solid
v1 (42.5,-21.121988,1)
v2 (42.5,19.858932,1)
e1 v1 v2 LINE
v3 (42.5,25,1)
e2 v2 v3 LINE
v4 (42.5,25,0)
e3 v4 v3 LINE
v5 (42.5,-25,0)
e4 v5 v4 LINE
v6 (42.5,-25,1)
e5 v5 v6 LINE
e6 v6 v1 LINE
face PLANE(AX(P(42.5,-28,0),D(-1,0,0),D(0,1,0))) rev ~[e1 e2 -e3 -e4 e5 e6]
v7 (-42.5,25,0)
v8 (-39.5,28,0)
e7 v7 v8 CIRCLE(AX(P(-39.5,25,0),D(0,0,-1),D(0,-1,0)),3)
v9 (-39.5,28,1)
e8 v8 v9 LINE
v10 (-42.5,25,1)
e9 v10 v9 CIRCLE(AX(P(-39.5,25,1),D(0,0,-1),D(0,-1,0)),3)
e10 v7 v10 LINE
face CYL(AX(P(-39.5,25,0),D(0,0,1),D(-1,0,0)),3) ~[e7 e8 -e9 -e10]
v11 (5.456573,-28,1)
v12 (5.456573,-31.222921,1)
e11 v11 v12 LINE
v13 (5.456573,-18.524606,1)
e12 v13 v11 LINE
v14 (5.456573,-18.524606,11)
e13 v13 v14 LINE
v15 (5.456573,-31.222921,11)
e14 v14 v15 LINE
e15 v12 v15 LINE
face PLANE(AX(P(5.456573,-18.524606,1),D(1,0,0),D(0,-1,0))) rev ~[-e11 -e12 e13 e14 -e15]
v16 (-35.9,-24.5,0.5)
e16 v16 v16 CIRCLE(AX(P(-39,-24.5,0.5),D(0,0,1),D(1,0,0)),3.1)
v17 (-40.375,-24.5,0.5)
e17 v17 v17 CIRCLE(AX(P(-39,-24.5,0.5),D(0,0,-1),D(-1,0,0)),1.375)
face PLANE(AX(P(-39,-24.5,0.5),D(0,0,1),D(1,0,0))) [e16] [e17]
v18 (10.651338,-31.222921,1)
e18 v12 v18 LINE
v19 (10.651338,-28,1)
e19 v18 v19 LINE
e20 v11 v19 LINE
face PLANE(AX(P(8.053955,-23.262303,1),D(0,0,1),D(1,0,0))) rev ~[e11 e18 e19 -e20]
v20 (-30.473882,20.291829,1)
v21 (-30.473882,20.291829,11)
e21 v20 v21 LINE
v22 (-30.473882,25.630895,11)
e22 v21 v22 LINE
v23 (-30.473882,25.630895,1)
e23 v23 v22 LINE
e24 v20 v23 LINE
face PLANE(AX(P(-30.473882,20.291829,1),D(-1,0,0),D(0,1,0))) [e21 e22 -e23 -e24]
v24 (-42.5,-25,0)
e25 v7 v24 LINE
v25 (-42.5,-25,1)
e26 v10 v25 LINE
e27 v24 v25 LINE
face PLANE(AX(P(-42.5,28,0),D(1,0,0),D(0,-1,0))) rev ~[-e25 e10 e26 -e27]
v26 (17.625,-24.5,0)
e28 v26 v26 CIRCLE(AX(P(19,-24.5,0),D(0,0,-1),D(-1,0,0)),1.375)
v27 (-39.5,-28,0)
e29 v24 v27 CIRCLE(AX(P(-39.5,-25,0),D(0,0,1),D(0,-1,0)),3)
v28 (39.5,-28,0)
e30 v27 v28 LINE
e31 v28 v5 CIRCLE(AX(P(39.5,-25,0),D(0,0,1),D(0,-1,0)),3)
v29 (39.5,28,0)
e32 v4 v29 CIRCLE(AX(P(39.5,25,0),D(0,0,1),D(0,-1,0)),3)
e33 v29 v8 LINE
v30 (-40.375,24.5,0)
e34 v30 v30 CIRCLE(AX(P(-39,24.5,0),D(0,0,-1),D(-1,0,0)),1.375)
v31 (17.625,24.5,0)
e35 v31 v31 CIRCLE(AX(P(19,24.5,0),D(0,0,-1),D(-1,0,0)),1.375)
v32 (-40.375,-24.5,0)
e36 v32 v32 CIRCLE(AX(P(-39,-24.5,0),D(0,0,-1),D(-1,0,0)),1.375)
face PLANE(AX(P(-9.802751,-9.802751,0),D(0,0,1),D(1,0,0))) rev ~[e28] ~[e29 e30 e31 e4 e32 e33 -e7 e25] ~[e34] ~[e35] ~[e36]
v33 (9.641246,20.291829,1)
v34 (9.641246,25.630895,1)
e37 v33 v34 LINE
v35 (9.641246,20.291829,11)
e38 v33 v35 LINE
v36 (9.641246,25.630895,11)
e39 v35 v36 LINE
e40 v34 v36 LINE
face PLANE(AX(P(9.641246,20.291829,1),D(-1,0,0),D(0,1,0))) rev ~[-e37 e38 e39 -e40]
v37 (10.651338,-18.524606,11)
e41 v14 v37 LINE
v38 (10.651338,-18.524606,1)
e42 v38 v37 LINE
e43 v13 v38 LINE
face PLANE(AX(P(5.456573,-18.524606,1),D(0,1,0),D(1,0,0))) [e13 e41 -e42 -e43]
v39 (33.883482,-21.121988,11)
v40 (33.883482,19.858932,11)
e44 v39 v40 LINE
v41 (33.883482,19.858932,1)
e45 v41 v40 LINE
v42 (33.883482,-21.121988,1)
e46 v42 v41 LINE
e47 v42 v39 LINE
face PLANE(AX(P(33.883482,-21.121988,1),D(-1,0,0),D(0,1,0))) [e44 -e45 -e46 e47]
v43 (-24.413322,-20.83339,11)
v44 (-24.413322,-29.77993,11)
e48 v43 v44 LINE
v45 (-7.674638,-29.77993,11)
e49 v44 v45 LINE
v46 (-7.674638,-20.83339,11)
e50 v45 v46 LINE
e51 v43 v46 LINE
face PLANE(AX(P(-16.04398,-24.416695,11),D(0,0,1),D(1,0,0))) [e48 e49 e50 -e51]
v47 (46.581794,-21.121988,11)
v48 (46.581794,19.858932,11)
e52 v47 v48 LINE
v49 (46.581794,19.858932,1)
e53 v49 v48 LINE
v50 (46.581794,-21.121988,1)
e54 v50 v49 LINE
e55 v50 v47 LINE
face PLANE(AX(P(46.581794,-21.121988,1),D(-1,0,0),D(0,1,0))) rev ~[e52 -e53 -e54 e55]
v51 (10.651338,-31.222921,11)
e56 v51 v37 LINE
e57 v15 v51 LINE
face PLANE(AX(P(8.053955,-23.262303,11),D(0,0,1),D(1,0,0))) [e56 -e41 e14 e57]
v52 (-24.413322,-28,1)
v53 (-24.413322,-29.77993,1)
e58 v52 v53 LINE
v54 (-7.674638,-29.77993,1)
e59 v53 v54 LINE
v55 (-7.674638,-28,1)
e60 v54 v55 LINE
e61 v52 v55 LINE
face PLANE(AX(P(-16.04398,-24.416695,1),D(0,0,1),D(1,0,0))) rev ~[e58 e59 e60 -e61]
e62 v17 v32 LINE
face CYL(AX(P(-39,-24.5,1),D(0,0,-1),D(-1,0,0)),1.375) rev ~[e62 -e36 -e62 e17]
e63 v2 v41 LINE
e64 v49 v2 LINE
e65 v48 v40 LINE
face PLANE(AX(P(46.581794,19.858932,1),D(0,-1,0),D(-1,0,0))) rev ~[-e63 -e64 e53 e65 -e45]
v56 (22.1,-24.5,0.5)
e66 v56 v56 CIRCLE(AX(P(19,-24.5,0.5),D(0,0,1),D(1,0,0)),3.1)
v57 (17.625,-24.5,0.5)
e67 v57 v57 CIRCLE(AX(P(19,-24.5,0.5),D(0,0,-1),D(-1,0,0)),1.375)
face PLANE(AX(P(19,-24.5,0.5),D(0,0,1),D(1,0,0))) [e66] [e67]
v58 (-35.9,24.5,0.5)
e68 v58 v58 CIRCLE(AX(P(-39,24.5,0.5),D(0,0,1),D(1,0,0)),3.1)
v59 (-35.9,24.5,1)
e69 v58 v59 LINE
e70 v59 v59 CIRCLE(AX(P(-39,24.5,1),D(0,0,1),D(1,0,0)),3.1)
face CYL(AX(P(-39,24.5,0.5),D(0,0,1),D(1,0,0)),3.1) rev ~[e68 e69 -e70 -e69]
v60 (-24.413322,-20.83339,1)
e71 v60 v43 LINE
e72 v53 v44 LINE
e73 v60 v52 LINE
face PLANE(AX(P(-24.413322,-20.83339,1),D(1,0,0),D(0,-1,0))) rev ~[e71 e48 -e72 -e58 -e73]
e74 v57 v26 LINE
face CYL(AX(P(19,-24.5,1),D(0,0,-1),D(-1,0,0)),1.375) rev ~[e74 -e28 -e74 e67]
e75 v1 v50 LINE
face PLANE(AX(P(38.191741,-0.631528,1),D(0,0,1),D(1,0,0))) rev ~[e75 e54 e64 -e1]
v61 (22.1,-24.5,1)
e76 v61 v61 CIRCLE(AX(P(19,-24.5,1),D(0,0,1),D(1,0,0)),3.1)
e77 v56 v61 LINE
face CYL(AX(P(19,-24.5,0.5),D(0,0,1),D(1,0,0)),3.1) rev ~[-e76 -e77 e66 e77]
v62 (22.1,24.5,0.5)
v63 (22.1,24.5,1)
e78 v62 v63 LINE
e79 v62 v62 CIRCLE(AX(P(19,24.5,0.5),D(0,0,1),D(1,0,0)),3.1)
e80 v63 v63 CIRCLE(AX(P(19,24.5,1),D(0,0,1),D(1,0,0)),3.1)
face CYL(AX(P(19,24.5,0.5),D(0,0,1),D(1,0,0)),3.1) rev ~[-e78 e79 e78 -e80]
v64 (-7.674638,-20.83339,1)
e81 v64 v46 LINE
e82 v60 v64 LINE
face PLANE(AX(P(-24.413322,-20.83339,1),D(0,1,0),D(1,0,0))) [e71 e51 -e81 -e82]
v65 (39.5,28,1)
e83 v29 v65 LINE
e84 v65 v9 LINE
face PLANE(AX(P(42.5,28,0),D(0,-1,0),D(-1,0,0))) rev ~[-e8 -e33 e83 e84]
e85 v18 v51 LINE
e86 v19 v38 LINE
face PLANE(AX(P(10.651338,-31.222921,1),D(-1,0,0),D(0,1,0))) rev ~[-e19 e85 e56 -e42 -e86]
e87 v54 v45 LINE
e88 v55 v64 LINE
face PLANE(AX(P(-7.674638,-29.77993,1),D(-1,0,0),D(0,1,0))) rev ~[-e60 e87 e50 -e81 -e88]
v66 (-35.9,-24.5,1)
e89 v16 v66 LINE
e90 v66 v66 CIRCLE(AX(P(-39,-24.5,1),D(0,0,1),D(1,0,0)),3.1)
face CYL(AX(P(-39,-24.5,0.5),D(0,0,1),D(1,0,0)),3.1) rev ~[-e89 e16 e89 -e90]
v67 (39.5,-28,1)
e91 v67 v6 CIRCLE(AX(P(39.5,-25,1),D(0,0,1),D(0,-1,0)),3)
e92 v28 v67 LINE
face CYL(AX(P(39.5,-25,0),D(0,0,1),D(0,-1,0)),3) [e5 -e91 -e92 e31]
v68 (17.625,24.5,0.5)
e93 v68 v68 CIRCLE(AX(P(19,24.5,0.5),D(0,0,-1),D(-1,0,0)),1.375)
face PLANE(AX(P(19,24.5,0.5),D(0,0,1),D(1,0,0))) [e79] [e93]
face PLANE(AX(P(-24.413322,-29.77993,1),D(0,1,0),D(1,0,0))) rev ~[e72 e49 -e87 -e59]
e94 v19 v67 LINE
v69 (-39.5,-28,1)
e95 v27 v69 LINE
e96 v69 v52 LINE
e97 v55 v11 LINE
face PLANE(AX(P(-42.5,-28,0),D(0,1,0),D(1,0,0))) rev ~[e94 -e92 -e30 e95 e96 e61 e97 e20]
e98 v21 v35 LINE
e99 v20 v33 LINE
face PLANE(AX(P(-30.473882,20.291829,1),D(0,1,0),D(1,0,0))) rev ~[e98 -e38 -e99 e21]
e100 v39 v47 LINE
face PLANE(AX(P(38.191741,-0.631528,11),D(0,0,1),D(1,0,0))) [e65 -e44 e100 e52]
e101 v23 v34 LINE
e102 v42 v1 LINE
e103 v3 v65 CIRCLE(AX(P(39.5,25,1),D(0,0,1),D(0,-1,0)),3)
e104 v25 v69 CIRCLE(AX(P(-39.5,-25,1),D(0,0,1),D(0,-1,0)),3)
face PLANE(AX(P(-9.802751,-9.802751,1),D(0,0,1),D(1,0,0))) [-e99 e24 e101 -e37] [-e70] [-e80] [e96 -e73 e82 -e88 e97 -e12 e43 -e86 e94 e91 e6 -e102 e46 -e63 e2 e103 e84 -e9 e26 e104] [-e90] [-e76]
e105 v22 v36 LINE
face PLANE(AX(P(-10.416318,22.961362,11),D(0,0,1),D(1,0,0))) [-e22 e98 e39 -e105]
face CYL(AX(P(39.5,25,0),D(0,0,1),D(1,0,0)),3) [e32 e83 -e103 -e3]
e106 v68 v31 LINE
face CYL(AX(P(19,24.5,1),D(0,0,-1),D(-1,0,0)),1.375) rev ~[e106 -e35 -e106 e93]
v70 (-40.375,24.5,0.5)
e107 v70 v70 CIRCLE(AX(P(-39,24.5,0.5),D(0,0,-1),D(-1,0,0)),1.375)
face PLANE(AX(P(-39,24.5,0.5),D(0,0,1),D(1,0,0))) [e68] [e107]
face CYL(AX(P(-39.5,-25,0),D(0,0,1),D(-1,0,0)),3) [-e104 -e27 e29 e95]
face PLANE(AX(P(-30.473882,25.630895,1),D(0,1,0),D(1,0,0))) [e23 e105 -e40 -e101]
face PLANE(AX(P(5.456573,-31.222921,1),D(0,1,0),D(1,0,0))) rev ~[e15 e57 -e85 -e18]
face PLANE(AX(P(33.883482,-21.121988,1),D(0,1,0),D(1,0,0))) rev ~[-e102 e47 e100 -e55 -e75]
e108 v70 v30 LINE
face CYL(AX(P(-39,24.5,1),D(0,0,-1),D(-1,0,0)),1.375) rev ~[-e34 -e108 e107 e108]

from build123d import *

# Parameters (mm, degrees)
F1_DEPTH       = 1
F2_R           = 3
F4_D           = 2.75
F4_CBORE_D     = 6.2
F4_CBORE_DEPTH = 0.5
F5_W           = 40.115128
F5_H           = 5.339066
F5_W_2         = 8.616518
F5_H_2         = 40.98092
F5_W_3         = 4.081794
F5_W_4         = 16.738685
F5_H_3         = 7.16661
F5_H_4         = 1.77993
F5_W_5         = 5.194765
F5_H_5         = 9.475394
F5_H_6         = 3.222921
F6_DEPTH       = 10


with BuildPart() as f1:
    # F0 (on Top) → F1 (new body)
    with BuildSketch(Plane.XY):
        Polygon((42.5, -28), (-42.5, 28), (-42.5, -28), align=None)
        Polygon((42.5, 28), (-42.5, 28), (42.5, -28), align=None)
    extrude(amount=F1_DEPTH)

    # F2
    f2_edges = [f1.edges().sort_by_distance(p)[0] for p in [
        (-42.5, -28, 0.5),
        (-42.5, 28, 0.5),
        (42.5, -28, 0.5),
        (42.5, 28, 0.5),
    ]]
    fillet(f2_edges, radius=F2_R)

    # F4 (through all)
    with Locations(Plane.XY.offset(1)):
        with Locations((-39, 24.5), (-39, -24.5), (19, -24.5), (19, 24.5)):
            CounterBoreHole(F4_D / 2, F4_CBORE_D / 2, F4_CBORE_DEPTH)

    # F5 (on face) → F6 (join)
    with BuildSketch(Plane.XY.offset(1)):
        with Locations((-10.416318, 22.961362)):
            Rectangle(F5_W, F5_H)
        with Locations((38.191741, -0.631528)):
            Rectangle(F5_W_2, F5_H_2)
        with Locations((44.540897, -0.631528)):
            Rectangle(F5_W_3, F5_H_2)
        with Locations((-16.04398, -24.416695)):
            Rectangle(F5_W_4, F5_H_3)
        with Locations((-16.04398, -28.889965)):
            Rectangle(F5_W_4, F5_H_4)
        with Locations((8.053955, -23.262303)):
            Rectangle(F5_W_5, F5_H_5)
        with Locations((8.053955, -29.61146)):
            Rectangle(F5_W_5, F5_H_6)
    extrude(amount=F6_DEPTH)


solid = f1.part
